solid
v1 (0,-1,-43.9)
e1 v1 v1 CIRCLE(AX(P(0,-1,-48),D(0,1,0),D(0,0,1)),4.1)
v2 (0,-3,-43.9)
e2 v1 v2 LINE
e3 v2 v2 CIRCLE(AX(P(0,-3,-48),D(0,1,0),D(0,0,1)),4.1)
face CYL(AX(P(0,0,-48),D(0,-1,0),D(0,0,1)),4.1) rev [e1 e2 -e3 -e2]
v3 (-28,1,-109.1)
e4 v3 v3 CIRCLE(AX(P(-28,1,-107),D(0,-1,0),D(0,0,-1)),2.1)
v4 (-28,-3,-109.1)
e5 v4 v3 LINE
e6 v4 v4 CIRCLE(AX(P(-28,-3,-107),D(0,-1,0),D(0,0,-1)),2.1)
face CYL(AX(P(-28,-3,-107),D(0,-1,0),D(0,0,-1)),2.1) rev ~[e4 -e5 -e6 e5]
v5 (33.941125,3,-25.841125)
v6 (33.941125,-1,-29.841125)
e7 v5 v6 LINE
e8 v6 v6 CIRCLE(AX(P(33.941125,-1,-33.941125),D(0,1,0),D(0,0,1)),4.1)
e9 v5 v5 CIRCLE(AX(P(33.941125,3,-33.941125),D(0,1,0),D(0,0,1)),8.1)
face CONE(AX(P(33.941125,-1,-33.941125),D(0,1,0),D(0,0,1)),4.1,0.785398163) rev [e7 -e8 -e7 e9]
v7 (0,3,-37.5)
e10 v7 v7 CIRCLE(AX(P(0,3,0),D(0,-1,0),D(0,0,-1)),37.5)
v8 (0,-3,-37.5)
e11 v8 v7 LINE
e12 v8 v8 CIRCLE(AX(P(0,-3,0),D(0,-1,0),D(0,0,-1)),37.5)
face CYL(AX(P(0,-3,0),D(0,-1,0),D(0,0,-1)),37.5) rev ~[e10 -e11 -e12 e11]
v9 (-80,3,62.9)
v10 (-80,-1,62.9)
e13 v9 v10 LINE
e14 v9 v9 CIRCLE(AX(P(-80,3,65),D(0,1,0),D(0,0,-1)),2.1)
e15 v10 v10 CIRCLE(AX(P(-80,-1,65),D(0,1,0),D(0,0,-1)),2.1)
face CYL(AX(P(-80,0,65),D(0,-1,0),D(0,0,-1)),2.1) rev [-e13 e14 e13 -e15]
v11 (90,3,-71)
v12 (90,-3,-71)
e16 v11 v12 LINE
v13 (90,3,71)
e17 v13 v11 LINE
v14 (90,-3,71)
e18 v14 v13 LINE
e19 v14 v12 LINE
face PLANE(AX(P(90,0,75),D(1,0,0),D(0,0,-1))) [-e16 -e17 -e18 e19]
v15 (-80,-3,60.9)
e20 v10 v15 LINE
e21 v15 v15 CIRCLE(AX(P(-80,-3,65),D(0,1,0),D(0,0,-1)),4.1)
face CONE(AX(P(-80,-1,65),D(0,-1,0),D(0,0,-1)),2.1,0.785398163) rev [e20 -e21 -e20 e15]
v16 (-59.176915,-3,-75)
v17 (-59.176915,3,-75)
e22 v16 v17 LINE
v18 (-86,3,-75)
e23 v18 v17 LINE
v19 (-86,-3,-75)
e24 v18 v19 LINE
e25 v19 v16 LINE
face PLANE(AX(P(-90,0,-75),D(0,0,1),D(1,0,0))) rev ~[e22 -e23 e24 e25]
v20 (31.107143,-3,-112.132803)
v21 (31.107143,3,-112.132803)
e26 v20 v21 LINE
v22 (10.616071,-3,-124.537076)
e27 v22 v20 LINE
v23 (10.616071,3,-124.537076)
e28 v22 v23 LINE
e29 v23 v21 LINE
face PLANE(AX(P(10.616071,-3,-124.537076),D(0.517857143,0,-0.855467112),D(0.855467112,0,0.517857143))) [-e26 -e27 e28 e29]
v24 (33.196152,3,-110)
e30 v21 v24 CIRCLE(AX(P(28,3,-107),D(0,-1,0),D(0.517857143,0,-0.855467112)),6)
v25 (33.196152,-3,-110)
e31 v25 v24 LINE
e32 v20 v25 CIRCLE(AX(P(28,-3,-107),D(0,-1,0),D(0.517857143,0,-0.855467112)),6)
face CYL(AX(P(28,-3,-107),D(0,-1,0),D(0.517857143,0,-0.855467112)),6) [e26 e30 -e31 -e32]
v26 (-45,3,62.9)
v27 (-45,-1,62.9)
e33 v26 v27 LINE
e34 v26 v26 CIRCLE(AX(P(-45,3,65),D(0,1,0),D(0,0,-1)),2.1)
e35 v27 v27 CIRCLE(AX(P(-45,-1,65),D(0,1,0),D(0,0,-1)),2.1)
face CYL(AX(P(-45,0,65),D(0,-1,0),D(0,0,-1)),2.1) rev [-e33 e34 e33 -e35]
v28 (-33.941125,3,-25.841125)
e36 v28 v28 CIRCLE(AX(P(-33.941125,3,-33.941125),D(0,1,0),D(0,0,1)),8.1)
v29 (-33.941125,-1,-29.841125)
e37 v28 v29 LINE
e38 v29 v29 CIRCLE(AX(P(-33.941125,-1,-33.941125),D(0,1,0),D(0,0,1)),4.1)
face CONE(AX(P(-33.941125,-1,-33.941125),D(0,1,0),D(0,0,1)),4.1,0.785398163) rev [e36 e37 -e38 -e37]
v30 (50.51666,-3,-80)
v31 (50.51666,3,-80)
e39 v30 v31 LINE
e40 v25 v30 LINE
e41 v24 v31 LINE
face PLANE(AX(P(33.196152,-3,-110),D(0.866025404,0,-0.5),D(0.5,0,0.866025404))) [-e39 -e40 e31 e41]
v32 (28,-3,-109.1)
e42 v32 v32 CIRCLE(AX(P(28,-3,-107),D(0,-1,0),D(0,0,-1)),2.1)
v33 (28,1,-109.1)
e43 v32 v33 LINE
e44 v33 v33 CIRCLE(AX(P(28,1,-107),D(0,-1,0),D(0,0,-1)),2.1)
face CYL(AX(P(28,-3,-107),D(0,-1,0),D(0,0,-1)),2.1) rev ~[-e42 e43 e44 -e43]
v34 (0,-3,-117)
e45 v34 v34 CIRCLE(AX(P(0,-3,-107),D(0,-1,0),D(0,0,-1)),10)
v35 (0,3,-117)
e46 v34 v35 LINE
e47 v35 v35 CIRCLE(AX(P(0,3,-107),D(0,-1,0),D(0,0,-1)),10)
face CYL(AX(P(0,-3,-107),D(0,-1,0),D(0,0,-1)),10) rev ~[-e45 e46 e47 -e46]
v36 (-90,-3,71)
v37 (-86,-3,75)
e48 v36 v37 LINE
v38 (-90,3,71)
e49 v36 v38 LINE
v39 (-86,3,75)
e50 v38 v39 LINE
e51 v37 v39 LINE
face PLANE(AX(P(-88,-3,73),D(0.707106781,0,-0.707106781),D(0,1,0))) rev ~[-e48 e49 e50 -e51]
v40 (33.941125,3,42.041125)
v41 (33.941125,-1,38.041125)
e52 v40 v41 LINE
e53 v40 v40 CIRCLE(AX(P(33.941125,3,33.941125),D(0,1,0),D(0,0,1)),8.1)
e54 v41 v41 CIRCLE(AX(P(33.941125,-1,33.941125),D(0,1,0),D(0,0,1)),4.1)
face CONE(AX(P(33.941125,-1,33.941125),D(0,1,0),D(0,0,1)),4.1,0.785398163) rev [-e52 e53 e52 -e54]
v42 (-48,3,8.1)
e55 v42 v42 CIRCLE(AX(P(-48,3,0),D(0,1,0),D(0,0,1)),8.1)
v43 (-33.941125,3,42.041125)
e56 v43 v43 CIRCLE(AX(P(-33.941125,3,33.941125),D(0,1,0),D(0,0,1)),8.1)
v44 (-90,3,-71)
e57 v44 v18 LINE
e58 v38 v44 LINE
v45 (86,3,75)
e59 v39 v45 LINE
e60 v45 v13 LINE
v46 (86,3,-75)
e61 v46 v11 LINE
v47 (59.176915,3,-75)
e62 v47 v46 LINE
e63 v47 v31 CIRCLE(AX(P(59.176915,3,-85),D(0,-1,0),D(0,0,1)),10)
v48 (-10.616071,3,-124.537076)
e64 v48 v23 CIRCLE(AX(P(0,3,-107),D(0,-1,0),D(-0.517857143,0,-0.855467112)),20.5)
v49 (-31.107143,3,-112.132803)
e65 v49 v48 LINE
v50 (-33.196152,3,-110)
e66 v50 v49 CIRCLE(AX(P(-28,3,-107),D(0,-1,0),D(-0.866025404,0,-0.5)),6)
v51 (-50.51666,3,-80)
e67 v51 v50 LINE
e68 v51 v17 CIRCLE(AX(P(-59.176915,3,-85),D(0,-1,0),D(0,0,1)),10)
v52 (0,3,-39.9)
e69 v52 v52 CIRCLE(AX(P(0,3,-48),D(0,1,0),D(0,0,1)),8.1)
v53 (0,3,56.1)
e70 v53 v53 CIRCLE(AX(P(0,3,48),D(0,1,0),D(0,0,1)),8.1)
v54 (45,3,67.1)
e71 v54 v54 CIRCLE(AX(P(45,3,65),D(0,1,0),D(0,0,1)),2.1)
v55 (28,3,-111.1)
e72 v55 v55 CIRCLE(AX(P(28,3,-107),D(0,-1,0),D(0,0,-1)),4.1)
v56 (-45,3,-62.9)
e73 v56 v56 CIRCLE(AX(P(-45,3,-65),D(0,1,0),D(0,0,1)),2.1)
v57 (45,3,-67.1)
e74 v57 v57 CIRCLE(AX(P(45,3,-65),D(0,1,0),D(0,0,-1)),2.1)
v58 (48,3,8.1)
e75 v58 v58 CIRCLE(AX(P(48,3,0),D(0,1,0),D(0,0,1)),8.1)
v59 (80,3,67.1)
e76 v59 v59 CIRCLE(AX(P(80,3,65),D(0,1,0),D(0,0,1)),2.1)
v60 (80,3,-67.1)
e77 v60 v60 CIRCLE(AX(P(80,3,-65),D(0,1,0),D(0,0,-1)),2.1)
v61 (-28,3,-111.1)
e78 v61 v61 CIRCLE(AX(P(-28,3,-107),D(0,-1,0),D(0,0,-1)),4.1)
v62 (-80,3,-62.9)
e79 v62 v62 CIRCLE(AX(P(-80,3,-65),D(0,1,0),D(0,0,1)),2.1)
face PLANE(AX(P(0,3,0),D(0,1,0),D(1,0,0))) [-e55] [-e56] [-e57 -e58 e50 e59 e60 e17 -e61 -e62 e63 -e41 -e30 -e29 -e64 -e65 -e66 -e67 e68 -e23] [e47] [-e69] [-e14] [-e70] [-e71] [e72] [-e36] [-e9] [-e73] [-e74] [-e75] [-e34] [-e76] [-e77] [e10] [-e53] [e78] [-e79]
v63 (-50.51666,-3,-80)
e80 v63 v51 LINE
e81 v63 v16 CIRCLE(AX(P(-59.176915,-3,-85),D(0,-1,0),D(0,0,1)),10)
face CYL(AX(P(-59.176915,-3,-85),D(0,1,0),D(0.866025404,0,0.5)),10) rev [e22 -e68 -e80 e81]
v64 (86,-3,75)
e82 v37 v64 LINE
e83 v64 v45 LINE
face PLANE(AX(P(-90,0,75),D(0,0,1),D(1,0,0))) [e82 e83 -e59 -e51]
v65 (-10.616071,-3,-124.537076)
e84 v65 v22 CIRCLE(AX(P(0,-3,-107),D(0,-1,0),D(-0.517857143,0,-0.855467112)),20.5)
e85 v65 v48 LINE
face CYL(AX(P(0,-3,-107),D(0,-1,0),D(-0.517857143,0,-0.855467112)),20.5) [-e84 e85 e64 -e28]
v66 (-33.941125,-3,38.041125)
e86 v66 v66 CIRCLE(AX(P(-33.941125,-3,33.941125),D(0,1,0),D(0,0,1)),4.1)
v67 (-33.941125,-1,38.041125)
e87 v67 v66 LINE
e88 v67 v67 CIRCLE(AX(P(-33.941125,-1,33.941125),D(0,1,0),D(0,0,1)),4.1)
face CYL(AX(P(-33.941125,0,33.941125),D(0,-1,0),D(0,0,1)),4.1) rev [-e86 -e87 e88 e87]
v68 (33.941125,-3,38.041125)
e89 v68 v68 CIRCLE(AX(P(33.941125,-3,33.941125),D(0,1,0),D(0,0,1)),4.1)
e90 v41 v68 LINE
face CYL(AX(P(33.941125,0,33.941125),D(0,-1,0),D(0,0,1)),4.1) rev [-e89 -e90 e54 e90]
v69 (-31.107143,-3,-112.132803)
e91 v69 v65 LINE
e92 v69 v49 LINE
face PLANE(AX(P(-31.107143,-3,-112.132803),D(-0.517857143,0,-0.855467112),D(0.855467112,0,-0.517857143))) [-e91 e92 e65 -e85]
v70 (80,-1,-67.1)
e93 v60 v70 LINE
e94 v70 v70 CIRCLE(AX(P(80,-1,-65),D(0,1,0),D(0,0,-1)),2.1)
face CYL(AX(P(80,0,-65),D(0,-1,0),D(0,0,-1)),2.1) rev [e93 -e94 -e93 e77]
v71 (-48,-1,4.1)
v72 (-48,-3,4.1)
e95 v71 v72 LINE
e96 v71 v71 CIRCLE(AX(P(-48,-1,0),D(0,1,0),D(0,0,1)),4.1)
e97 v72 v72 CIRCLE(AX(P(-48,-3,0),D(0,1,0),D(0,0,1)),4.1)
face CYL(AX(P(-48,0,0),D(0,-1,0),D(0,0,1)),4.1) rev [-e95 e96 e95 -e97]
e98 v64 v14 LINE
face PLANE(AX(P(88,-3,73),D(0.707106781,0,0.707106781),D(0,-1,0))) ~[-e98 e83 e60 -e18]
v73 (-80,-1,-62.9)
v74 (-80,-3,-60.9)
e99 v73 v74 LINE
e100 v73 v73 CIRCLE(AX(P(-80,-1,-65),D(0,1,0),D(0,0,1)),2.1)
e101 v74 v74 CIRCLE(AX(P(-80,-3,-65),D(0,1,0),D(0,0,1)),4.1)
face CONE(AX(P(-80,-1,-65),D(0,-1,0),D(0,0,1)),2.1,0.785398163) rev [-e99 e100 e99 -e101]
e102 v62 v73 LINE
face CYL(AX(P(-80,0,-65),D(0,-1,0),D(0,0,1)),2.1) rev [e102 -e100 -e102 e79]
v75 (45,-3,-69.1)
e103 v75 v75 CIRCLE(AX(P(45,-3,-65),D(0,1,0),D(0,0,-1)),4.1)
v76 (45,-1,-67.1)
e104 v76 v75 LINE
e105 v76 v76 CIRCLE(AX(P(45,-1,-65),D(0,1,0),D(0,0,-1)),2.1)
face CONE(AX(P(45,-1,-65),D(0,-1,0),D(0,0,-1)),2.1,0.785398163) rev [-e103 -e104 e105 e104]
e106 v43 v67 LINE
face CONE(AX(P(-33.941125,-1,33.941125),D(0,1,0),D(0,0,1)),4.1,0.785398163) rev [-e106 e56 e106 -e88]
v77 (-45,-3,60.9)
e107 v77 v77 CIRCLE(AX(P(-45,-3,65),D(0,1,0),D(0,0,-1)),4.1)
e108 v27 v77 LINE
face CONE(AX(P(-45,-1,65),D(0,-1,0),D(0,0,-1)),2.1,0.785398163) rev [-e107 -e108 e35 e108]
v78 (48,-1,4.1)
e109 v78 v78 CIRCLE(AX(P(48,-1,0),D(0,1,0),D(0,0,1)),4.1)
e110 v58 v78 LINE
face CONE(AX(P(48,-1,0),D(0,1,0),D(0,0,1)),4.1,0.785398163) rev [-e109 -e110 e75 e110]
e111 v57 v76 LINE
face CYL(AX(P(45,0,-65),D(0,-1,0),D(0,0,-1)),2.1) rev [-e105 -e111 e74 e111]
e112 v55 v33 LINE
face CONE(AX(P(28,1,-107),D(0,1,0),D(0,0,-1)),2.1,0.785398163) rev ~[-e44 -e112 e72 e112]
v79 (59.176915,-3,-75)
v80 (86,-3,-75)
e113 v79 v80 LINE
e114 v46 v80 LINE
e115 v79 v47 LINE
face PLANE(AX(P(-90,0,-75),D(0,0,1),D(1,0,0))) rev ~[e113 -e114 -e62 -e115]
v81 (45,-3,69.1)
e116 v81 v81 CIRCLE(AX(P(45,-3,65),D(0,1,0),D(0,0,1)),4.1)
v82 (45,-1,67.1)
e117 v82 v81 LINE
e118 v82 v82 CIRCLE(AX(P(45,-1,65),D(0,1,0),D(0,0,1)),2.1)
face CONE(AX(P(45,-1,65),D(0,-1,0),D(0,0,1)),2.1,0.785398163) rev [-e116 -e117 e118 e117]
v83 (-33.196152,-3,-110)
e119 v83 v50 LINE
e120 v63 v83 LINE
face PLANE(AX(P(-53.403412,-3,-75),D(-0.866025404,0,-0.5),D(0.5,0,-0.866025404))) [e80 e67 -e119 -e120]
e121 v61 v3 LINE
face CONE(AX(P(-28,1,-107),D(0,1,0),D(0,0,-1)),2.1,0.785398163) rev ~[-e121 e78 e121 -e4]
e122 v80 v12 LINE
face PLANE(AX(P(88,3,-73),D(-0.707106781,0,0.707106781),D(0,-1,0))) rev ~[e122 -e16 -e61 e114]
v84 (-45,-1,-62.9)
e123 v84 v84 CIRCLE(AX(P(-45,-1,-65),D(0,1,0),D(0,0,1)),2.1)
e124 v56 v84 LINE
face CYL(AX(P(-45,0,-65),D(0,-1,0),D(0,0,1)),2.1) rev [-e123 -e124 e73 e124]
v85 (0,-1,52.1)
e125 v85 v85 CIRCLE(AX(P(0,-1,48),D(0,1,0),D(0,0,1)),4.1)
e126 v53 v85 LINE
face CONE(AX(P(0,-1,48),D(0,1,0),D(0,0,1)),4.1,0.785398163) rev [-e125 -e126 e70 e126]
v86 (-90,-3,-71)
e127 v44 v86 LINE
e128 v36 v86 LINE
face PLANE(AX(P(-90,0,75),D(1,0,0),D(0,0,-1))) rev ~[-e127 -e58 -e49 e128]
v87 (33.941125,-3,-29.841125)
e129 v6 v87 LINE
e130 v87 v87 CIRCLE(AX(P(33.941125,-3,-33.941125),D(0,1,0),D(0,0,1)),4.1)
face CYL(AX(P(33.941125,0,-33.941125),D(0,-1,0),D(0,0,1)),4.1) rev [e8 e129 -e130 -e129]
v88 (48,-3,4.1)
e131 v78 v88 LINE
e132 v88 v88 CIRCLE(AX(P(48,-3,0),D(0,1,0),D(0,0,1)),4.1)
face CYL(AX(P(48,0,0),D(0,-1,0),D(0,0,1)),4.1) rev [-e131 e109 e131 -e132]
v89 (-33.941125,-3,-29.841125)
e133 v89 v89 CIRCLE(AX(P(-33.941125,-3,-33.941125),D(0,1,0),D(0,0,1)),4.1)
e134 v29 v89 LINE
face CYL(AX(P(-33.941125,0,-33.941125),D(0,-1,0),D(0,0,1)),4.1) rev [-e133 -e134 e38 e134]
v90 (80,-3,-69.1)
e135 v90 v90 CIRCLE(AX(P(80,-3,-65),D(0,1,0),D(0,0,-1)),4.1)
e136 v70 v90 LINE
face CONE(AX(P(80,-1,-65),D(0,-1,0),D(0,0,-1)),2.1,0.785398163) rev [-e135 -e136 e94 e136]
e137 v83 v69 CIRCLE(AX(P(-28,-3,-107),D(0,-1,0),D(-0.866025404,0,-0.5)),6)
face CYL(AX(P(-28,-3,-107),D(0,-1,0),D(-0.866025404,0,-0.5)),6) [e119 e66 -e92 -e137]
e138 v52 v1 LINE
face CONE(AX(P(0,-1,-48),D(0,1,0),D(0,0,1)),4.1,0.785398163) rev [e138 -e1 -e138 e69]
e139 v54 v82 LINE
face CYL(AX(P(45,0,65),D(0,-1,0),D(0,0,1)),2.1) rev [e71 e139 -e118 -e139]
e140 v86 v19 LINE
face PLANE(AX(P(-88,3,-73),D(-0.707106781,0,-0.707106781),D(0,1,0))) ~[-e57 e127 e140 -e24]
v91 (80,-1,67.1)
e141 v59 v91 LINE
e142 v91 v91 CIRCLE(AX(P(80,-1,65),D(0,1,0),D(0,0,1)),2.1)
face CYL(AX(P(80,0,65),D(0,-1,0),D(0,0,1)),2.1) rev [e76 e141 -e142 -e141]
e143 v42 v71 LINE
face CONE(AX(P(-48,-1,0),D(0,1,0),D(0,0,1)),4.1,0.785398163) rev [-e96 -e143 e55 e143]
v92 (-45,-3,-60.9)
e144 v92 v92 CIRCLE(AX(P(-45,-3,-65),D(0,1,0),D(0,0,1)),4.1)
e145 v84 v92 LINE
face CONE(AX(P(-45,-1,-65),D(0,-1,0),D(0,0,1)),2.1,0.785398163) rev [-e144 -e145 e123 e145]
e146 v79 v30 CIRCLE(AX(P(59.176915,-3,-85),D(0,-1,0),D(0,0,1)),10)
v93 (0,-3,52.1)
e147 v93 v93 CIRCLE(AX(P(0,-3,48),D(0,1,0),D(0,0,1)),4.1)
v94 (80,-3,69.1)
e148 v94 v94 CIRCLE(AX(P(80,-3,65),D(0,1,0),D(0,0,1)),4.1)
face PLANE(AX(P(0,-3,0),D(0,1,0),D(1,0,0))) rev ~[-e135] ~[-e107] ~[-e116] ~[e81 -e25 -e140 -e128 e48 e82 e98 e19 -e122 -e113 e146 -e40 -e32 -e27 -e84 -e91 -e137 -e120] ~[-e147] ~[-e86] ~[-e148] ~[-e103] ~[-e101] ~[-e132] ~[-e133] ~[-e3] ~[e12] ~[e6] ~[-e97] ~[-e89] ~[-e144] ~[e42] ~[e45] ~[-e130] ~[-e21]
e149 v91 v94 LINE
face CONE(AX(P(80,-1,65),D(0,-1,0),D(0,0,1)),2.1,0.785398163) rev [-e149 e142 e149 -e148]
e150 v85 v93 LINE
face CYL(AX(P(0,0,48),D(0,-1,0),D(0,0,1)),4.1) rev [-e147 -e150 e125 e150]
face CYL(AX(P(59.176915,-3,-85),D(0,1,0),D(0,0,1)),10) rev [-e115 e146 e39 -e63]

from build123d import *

# Parameters (mm, degrees)
SKETCH_1_W          = 180
SKETCH_1_H          = 150
SKETCH_1_R          = 4.1
SKETCH_1_R_2        = 2.1
EXTRUDE_1_DEPTH     = 3
CHAMFER_1_SIZE      = 4
CHAMFER_2_SIZE      = 4
CHAMFER_3_SIZE      = 2
SKETCH_3_R          = 37.5
CUT_EXTRUDE_1_DEPTH = 118.307288776
SKETCH_4_R          = 2.1
SKETCH_4_R_2        = 10
EXTRUDE_2_DEPTH     = 6
CHAMFER_4_SIZE      = 2
FILLET_1_R          = 10


with BuildPart() as part:
    # 草图1 → 凸台-拉伸1 (new, symmetric)
    with BuildSketch(Plane(origin=(0, 0, 0), x_dir=(1, 0, 0), z_dir=(0, 1, 0))):
        Rectangle(SKETCH_1_W, SKETCH_1_H)
        with Locations(Location((0, 48, 0), (0, 0, 270))):
            Circle(SKETCH_1_R, mode=Mode.SUBTRACT)
        with Locations(Location((33.941125497, 33.941125497, 0), (0, 0, 270))):
            Circle(SKETCH_1_R, mode=Mode.SUBTRACT)
        with Locations(Location((48, 0, 0), (0, 0, 270))):
            Circle(SKETCH_1_R, mode=Mode.SUBTRACT)
        with Locations(Location((33.941125497, -33.941125497, 0), (0, 0, 270))):
            Circle(SKETCH_1_R, mode=Mode.SUBTRACT)
        with Locations(Location((0, -48, 0), (0, 0, 270))):
            Circle(SKETCH_1_R, mode=Mode.SUBTRACT)
        with Locations(Location((-33.941125497, -33.941125497, 0), (0, 0, 270))):
            Circle(SKETCH_1_R, mode=Mode.SUBTRACT)
        with Locations(Location((-48, 0, 0), (0, 0, 270))):
            Circle(SKETCH_1_R, mode=Mode.SUBTRACT)
        with Locations(Location((-33.941125497, 33.941125497, 0), (0, 0, 270))):
            Circle(SKETCH_1_R, mode=Mode.SUBTRACT)
        with Locations(Location((-80, 65, 0), (0, 0, 270))):
            Circle(SKETCH_1_R_2, mode=Mode.SUBTRACT)
        with Locations(Location((-45, 65, 0), (0, 0, 270))):
            Circle(SKETCH_1_R_2, mode=Mode.SUBTRACT)
        with Locations(Location((45, 65, 0), (0, 0, 90))):
            Circle(SKETCH_1_R_2, mode=Mode.SUBTRACT)
        with Locations(Location((80, 65, 0), (0, 0, 90))):
            Circle(SKETCH_1_R_2, mode=Mode.SUBTRACT)
        with Locations(Location((80, -65, 0), (0, 0, 270))):
            Circle(SKETCH_1_R_2, mode=Mode.SUBTRACT)
        with Locations(Location((45, -65, 0), (0, 0, 270))):
            Circle(SKETCH_1_R_2, mode=Mode.SUBTRACT)
        with Locations(Location((-45, -65, 0), (0, 0, 90))):
            Circle(SKETCH_1_R_2, mode=Mode.SUBTRACT)
        with Locations(Location((-80, -65, 0), (0, 0, 90))):
            Circle(SKETCH_1_R_2, mode=Mode.SUBTRACT)
    extrude(amount=EXTRUDE_1_DEPTH, both=True)

    # 倒角1
    chamfer_1_edges = [part.edges().sort_by_distance(p)[0] for p in [
        (0, 3, -52.1),
        (33.941125497, 3, -38.041125497),
        (48, 3, -4.1),
        (33.941125497, 3, 29.841125497),
        (0, 3, 43.9),
        (-33.941125497, 3, 29.841125497),
        (-48, 3, -4.1),
        (-33.941125497, 3, -38.041125497),
    ]]
    chamfer(chamfer_1_edges, length=CHAMFER_1_SIZE)

    # 倒角2
    chamfer_2_edges = [part.edges().sort_by_distance(p)[0] for p in [
        (90, 0, 75),
        (-90, 0, 75),
        (-90, 0, -75),
        (90, 0, -75),
    ]]
    chamfer(chamfer_2_edges, length=CHAMFER_2_SIZE)

    # 倒角3
    chamfer_3_edges = [part.edges().sort_by_distance(p)[0] for p in [
        (-80, -3, -67.1),
        (-45, -3, -67.1),
        (45, -3, -62.9),
        (80, -3, -62.9),
        (80, -3, 62.9),
        (45, -3, 62.9),
        (-45, -3, 67.1),
        (-80, -3, 67.1),
    ]]
    chamfer(chamfer_3_edges, length=CHAMFER_3_SIZE)

    # 草图3 → 切除-拉伸1 (cut, through all)
    with BuildSketch(Plane.XZ.offset(3)):
        with Locations(Location((0, 0, 0), (0, 0, 270))):
            Circle(SKETCH_3_R)
    extrude(amount=-CUT_EXTRUDE_1_DEPTH, mode=Mode.SUBTRACT)

    # 草图4 → 凸台-拉伸2 (add)
    with BuildSketch(Plane.XZ.offset(3)):
        with BuildLine():
            Line((-31.107142857, -112.132802672), (-10.616071429, -124.537075795))
            ThreePointArc((-10.616071429, -124.537075795), (0, -127.5), (10.616071429, -124.537075795))
            Line((10.616071429, -124.537075795), (31.107142857, -112.132802672))
            ThreePointArc((31.107142857, -112.132802672), (32.286419244, -111.198405658), (33.196152423, -110))
            Line((33.196152423, -110), (53.403411844, -75))
            Line((53.403411844, -75), (-53.403411844, -75))
            Line((-53.403411844, -75), (-33.196152423, -110))
            ThreePointArc((-33.196152423, -110), (-32.286419244, -111.198405658), (-31.107142857, -112.132802672))
        make_face()
        with Locations(Location((-28, -107, 0), (0, 0, 270))):
            Circle(SKETCH_4_R, mode=Mode.SUBTRACT)
        with Locations(Location((28, -107, 0), (0, 0, 270))):
            Circle(SKETCH_4_R, mode=Mode.SUBTRACT)
        with Locations(Location((0, -107, 0), (0, 0, 270))):
            Circle(SKETCH_4_R_2, mode=Mode.SUBTRACT)
    extrude(amount=-EXTRUDE_2_DEPTH)

    # 倒角4
    chamfer_4_edges = [part.edges().sort_by_distance(p)[0] for p in [
        (28, 3, -104.9),
        (-28, 3, -104.9),
    ]]
    chamfer(chamfer_4_edges, length=CHAMFER_4_SIZE)

    # 圆角1
    fillet_1_edges = [part.edges().sort_by_distance(p)[0] for p in [
        (-53.403411844, 0, -75),
        (53.403411844, 0, -75),
    ]]
    fillet(fillet_1_edges, radius=FILLET_1_R)


solid = part.part
